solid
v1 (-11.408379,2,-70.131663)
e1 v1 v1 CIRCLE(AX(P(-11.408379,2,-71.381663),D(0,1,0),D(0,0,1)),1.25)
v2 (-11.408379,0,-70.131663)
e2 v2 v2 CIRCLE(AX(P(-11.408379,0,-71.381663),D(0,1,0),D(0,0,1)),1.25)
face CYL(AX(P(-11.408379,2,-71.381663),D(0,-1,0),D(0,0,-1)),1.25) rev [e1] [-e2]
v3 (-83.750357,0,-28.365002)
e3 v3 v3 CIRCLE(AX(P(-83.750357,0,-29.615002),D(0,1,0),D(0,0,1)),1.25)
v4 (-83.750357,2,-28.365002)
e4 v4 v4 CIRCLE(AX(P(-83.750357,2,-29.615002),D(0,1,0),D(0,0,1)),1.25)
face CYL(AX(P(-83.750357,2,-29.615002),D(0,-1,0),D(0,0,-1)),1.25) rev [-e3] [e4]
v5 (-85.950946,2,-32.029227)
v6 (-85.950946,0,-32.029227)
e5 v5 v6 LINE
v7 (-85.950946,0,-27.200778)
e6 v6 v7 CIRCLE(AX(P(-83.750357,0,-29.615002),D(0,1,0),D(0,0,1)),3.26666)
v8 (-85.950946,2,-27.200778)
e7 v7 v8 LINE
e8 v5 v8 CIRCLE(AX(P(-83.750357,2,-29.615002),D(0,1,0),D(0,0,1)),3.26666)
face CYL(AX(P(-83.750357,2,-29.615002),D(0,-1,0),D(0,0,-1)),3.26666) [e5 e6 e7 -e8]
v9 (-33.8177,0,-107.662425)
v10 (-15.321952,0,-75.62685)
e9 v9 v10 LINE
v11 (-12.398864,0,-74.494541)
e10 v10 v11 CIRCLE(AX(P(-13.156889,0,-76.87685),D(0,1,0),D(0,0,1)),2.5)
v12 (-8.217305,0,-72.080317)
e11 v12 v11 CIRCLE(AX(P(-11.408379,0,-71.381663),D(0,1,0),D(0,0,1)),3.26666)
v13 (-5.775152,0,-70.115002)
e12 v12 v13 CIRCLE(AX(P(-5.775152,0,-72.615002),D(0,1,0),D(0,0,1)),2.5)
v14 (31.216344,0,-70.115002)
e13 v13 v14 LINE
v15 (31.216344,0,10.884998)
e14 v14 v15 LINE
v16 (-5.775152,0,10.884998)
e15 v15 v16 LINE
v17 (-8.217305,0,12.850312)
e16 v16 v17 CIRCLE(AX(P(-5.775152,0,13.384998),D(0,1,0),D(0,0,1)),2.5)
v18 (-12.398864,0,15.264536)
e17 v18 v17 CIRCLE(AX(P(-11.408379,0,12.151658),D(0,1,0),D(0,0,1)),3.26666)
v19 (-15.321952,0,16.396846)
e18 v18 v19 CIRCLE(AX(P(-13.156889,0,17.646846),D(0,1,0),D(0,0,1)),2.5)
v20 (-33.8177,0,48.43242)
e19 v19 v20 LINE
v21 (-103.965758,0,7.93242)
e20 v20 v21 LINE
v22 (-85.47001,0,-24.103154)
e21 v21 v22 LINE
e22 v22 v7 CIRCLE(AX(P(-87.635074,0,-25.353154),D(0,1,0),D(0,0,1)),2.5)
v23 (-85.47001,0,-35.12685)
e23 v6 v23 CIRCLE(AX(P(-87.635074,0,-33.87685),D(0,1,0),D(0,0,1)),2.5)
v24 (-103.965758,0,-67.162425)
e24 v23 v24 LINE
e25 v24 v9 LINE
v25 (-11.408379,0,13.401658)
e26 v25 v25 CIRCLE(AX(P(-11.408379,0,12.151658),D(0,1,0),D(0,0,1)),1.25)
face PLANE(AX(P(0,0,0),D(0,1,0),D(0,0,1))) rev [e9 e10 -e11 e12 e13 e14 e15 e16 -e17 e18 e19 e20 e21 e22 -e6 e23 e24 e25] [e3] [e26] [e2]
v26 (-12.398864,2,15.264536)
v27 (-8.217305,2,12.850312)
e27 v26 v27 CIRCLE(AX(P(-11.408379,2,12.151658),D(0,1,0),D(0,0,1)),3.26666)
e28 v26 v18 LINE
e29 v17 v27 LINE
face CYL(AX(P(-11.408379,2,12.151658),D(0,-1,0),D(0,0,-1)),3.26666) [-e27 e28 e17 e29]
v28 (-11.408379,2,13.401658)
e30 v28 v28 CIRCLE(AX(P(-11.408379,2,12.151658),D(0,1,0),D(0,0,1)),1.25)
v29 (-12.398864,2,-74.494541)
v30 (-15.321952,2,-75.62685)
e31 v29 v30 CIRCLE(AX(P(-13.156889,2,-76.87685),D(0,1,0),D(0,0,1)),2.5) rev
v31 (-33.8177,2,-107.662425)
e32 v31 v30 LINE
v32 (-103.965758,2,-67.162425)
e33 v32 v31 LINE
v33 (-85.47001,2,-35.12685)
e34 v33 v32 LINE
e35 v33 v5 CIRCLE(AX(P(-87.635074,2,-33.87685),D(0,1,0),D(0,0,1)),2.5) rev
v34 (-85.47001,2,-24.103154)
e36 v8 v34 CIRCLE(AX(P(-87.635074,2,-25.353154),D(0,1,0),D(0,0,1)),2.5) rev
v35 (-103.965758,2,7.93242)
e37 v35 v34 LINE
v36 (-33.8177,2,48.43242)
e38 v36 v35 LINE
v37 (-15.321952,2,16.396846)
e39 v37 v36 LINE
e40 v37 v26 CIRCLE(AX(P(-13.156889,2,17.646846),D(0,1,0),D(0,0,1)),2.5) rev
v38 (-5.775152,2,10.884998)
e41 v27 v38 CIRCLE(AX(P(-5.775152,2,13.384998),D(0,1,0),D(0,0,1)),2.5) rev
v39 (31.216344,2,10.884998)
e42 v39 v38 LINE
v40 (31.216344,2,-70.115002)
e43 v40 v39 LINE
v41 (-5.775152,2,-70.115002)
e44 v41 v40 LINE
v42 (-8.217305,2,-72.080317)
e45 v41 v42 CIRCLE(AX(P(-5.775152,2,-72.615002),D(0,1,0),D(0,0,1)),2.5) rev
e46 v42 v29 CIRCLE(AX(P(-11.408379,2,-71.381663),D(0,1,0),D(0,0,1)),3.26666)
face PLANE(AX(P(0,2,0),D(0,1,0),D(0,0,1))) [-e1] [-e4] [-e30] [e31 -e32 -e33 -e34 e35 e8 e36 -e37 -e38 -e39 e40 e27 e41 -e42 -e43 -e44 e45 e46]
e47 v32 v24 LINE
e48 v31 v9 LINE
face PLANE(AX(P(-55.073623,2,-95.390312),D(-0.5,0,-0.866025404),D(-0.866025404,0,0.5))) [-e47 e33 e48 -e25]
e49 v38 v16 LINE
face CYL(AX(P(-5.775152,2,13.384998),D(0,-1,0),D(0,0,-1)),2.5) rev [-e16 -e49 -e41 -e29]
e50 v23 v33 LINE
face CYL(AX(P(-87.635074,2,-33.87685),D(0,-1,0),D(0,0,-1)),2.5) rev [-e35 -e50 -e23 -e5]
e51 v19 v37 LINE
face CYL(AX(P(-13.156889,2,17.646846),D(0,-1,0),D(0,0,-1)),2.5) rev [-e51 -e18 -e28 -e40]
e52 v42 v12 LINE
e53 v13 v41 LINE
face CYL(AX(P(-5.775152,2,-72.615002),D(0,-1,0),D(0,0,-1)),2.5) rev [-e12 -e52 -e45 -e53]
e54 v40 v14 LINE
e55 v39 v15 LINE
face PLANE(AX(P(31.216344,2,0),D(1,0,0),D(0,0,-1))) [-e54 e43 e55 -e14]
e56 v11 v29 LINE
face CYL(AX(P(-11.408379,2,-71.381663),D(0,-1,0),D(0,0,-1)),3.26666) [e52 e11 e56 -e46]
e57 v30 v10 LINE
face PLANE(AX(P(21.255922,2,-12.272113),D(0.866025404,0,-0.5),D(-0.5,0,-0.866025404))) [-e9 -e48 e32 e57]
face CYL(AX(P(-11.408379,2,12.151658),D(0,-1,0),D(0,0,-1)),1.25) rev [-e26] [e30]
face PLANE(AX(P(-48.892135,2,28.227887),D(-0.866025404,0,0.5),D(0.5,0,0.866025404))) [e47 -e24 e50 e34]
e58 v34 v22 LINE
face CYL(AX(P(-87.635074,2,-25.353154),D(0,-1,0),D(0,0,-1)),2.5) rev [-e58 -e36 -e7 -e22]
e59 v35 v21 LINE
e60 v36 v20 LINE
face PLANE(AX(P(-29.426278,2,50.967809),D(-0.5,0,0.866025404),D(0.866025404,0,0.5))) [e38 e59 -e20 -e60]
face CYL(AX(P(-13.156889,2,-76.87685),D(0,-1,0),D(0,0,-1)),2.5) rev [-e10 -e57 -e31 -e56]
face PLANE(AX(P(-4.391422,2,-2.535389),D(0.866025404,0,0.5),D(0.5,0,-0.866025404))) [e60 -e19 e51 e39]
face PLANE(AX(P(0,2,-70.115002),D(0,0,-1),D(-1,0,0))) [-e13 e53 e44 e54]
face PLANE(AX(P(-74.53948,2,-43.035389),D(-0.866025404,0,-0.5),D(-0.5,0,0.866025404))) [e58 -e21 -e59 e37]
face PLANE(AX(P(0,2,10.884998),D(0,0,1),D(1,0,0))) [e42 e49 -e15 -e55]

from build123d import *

# Parameters (mm, degrees)
SKETCH1_R           = 1.25
BOSS_EXTRUDE1_DEPTH = 2
FILLET1_R           = 2.5


with BuildPart() as part:
    # Sketch1 → Boss-Extrude1 (new body)
    with BuildSketch(Plane(origin=(0, 0, 0), x_dir=(1, 0, 0), z_dir=(0, 1, 0))):
        with BuildLine():
            Line((-103.965757813, 67.162425071), (-33.817700106, 107.662425071))
            Line((-33.817700106, 107.662425071), (-14.010882201, 73.356010123))
            ThreePointArc((-14.010882201, 73.356010123), (-9.775048525, 74.210673935), (-8.39729226, 70.115002459))
            Line((-8.39729226, 70.115002459), (31.216343551, 70.115002459))
            Line((31.216343551, 70.115002459), (31.216343551, -10.884997541))
            Line((31.216343551, -10.884997541), (-8.39729226, -10.884997541))
            ThreePointArc((-8.39729226, -10.884997541), (-9.775048525, -14.980669016), (-14.010882201, -14.126005204))
            Line((-14.010882201, -14.126005204), (-33.817700106, -48.432420153))
            Line((-33.817700106, -48.432420153), (-103.965757813, -7.932420153))
            Line((-103.965757813, -7.932420153), (-84.158939907, 26.373994796))
            ThreePointArc((-84.158939907, 26.373994796), (-87.017017318, 29.615002459), (-84.158939907, 32.856010123))
            Line((-84.158939907, 32.856010123), (-103.965757813, 67.162425071))
        make_face()
        with Locations(Location((-83.75035682, 29.615002459, 0), (0, 0, 270))):
            Circle(SKETCH1_R, mode=Mode.SUBTRACT)
        with Locations(Location((-11.408378774, 71.381662958, 0), (0, 0, 270))):
            Circle(SKETCH1_R, mode=Mode.SUBTRACT)
        with Locations(Location((-11.408378774, -12.151658039, 0), (0, 0, 270))):
            Circle(SKETCH1_R, mode=Mode.SUBTRACT)
    extrude(amount=BOSS_EXTRUDE1_DEPTH)

    # Fillet1
    fillet1_edges = [part.edges().sort_by_distance(p)[0] for p in [
        (-14.010882201, 1, -73.356010123),
        (-8.39729226, 1, -70.115002459),
        (-8.39729226, 1, 10.884997541),
        (-14.010882201, 1, 14.126005204),
        (-84.158939907, 1, -26.373994796),
        (-84.158939907, 1, -32.856010123),
    ]]
    fillet(fillet1_edges, radius=FILLET1_R)


solid = part.part
